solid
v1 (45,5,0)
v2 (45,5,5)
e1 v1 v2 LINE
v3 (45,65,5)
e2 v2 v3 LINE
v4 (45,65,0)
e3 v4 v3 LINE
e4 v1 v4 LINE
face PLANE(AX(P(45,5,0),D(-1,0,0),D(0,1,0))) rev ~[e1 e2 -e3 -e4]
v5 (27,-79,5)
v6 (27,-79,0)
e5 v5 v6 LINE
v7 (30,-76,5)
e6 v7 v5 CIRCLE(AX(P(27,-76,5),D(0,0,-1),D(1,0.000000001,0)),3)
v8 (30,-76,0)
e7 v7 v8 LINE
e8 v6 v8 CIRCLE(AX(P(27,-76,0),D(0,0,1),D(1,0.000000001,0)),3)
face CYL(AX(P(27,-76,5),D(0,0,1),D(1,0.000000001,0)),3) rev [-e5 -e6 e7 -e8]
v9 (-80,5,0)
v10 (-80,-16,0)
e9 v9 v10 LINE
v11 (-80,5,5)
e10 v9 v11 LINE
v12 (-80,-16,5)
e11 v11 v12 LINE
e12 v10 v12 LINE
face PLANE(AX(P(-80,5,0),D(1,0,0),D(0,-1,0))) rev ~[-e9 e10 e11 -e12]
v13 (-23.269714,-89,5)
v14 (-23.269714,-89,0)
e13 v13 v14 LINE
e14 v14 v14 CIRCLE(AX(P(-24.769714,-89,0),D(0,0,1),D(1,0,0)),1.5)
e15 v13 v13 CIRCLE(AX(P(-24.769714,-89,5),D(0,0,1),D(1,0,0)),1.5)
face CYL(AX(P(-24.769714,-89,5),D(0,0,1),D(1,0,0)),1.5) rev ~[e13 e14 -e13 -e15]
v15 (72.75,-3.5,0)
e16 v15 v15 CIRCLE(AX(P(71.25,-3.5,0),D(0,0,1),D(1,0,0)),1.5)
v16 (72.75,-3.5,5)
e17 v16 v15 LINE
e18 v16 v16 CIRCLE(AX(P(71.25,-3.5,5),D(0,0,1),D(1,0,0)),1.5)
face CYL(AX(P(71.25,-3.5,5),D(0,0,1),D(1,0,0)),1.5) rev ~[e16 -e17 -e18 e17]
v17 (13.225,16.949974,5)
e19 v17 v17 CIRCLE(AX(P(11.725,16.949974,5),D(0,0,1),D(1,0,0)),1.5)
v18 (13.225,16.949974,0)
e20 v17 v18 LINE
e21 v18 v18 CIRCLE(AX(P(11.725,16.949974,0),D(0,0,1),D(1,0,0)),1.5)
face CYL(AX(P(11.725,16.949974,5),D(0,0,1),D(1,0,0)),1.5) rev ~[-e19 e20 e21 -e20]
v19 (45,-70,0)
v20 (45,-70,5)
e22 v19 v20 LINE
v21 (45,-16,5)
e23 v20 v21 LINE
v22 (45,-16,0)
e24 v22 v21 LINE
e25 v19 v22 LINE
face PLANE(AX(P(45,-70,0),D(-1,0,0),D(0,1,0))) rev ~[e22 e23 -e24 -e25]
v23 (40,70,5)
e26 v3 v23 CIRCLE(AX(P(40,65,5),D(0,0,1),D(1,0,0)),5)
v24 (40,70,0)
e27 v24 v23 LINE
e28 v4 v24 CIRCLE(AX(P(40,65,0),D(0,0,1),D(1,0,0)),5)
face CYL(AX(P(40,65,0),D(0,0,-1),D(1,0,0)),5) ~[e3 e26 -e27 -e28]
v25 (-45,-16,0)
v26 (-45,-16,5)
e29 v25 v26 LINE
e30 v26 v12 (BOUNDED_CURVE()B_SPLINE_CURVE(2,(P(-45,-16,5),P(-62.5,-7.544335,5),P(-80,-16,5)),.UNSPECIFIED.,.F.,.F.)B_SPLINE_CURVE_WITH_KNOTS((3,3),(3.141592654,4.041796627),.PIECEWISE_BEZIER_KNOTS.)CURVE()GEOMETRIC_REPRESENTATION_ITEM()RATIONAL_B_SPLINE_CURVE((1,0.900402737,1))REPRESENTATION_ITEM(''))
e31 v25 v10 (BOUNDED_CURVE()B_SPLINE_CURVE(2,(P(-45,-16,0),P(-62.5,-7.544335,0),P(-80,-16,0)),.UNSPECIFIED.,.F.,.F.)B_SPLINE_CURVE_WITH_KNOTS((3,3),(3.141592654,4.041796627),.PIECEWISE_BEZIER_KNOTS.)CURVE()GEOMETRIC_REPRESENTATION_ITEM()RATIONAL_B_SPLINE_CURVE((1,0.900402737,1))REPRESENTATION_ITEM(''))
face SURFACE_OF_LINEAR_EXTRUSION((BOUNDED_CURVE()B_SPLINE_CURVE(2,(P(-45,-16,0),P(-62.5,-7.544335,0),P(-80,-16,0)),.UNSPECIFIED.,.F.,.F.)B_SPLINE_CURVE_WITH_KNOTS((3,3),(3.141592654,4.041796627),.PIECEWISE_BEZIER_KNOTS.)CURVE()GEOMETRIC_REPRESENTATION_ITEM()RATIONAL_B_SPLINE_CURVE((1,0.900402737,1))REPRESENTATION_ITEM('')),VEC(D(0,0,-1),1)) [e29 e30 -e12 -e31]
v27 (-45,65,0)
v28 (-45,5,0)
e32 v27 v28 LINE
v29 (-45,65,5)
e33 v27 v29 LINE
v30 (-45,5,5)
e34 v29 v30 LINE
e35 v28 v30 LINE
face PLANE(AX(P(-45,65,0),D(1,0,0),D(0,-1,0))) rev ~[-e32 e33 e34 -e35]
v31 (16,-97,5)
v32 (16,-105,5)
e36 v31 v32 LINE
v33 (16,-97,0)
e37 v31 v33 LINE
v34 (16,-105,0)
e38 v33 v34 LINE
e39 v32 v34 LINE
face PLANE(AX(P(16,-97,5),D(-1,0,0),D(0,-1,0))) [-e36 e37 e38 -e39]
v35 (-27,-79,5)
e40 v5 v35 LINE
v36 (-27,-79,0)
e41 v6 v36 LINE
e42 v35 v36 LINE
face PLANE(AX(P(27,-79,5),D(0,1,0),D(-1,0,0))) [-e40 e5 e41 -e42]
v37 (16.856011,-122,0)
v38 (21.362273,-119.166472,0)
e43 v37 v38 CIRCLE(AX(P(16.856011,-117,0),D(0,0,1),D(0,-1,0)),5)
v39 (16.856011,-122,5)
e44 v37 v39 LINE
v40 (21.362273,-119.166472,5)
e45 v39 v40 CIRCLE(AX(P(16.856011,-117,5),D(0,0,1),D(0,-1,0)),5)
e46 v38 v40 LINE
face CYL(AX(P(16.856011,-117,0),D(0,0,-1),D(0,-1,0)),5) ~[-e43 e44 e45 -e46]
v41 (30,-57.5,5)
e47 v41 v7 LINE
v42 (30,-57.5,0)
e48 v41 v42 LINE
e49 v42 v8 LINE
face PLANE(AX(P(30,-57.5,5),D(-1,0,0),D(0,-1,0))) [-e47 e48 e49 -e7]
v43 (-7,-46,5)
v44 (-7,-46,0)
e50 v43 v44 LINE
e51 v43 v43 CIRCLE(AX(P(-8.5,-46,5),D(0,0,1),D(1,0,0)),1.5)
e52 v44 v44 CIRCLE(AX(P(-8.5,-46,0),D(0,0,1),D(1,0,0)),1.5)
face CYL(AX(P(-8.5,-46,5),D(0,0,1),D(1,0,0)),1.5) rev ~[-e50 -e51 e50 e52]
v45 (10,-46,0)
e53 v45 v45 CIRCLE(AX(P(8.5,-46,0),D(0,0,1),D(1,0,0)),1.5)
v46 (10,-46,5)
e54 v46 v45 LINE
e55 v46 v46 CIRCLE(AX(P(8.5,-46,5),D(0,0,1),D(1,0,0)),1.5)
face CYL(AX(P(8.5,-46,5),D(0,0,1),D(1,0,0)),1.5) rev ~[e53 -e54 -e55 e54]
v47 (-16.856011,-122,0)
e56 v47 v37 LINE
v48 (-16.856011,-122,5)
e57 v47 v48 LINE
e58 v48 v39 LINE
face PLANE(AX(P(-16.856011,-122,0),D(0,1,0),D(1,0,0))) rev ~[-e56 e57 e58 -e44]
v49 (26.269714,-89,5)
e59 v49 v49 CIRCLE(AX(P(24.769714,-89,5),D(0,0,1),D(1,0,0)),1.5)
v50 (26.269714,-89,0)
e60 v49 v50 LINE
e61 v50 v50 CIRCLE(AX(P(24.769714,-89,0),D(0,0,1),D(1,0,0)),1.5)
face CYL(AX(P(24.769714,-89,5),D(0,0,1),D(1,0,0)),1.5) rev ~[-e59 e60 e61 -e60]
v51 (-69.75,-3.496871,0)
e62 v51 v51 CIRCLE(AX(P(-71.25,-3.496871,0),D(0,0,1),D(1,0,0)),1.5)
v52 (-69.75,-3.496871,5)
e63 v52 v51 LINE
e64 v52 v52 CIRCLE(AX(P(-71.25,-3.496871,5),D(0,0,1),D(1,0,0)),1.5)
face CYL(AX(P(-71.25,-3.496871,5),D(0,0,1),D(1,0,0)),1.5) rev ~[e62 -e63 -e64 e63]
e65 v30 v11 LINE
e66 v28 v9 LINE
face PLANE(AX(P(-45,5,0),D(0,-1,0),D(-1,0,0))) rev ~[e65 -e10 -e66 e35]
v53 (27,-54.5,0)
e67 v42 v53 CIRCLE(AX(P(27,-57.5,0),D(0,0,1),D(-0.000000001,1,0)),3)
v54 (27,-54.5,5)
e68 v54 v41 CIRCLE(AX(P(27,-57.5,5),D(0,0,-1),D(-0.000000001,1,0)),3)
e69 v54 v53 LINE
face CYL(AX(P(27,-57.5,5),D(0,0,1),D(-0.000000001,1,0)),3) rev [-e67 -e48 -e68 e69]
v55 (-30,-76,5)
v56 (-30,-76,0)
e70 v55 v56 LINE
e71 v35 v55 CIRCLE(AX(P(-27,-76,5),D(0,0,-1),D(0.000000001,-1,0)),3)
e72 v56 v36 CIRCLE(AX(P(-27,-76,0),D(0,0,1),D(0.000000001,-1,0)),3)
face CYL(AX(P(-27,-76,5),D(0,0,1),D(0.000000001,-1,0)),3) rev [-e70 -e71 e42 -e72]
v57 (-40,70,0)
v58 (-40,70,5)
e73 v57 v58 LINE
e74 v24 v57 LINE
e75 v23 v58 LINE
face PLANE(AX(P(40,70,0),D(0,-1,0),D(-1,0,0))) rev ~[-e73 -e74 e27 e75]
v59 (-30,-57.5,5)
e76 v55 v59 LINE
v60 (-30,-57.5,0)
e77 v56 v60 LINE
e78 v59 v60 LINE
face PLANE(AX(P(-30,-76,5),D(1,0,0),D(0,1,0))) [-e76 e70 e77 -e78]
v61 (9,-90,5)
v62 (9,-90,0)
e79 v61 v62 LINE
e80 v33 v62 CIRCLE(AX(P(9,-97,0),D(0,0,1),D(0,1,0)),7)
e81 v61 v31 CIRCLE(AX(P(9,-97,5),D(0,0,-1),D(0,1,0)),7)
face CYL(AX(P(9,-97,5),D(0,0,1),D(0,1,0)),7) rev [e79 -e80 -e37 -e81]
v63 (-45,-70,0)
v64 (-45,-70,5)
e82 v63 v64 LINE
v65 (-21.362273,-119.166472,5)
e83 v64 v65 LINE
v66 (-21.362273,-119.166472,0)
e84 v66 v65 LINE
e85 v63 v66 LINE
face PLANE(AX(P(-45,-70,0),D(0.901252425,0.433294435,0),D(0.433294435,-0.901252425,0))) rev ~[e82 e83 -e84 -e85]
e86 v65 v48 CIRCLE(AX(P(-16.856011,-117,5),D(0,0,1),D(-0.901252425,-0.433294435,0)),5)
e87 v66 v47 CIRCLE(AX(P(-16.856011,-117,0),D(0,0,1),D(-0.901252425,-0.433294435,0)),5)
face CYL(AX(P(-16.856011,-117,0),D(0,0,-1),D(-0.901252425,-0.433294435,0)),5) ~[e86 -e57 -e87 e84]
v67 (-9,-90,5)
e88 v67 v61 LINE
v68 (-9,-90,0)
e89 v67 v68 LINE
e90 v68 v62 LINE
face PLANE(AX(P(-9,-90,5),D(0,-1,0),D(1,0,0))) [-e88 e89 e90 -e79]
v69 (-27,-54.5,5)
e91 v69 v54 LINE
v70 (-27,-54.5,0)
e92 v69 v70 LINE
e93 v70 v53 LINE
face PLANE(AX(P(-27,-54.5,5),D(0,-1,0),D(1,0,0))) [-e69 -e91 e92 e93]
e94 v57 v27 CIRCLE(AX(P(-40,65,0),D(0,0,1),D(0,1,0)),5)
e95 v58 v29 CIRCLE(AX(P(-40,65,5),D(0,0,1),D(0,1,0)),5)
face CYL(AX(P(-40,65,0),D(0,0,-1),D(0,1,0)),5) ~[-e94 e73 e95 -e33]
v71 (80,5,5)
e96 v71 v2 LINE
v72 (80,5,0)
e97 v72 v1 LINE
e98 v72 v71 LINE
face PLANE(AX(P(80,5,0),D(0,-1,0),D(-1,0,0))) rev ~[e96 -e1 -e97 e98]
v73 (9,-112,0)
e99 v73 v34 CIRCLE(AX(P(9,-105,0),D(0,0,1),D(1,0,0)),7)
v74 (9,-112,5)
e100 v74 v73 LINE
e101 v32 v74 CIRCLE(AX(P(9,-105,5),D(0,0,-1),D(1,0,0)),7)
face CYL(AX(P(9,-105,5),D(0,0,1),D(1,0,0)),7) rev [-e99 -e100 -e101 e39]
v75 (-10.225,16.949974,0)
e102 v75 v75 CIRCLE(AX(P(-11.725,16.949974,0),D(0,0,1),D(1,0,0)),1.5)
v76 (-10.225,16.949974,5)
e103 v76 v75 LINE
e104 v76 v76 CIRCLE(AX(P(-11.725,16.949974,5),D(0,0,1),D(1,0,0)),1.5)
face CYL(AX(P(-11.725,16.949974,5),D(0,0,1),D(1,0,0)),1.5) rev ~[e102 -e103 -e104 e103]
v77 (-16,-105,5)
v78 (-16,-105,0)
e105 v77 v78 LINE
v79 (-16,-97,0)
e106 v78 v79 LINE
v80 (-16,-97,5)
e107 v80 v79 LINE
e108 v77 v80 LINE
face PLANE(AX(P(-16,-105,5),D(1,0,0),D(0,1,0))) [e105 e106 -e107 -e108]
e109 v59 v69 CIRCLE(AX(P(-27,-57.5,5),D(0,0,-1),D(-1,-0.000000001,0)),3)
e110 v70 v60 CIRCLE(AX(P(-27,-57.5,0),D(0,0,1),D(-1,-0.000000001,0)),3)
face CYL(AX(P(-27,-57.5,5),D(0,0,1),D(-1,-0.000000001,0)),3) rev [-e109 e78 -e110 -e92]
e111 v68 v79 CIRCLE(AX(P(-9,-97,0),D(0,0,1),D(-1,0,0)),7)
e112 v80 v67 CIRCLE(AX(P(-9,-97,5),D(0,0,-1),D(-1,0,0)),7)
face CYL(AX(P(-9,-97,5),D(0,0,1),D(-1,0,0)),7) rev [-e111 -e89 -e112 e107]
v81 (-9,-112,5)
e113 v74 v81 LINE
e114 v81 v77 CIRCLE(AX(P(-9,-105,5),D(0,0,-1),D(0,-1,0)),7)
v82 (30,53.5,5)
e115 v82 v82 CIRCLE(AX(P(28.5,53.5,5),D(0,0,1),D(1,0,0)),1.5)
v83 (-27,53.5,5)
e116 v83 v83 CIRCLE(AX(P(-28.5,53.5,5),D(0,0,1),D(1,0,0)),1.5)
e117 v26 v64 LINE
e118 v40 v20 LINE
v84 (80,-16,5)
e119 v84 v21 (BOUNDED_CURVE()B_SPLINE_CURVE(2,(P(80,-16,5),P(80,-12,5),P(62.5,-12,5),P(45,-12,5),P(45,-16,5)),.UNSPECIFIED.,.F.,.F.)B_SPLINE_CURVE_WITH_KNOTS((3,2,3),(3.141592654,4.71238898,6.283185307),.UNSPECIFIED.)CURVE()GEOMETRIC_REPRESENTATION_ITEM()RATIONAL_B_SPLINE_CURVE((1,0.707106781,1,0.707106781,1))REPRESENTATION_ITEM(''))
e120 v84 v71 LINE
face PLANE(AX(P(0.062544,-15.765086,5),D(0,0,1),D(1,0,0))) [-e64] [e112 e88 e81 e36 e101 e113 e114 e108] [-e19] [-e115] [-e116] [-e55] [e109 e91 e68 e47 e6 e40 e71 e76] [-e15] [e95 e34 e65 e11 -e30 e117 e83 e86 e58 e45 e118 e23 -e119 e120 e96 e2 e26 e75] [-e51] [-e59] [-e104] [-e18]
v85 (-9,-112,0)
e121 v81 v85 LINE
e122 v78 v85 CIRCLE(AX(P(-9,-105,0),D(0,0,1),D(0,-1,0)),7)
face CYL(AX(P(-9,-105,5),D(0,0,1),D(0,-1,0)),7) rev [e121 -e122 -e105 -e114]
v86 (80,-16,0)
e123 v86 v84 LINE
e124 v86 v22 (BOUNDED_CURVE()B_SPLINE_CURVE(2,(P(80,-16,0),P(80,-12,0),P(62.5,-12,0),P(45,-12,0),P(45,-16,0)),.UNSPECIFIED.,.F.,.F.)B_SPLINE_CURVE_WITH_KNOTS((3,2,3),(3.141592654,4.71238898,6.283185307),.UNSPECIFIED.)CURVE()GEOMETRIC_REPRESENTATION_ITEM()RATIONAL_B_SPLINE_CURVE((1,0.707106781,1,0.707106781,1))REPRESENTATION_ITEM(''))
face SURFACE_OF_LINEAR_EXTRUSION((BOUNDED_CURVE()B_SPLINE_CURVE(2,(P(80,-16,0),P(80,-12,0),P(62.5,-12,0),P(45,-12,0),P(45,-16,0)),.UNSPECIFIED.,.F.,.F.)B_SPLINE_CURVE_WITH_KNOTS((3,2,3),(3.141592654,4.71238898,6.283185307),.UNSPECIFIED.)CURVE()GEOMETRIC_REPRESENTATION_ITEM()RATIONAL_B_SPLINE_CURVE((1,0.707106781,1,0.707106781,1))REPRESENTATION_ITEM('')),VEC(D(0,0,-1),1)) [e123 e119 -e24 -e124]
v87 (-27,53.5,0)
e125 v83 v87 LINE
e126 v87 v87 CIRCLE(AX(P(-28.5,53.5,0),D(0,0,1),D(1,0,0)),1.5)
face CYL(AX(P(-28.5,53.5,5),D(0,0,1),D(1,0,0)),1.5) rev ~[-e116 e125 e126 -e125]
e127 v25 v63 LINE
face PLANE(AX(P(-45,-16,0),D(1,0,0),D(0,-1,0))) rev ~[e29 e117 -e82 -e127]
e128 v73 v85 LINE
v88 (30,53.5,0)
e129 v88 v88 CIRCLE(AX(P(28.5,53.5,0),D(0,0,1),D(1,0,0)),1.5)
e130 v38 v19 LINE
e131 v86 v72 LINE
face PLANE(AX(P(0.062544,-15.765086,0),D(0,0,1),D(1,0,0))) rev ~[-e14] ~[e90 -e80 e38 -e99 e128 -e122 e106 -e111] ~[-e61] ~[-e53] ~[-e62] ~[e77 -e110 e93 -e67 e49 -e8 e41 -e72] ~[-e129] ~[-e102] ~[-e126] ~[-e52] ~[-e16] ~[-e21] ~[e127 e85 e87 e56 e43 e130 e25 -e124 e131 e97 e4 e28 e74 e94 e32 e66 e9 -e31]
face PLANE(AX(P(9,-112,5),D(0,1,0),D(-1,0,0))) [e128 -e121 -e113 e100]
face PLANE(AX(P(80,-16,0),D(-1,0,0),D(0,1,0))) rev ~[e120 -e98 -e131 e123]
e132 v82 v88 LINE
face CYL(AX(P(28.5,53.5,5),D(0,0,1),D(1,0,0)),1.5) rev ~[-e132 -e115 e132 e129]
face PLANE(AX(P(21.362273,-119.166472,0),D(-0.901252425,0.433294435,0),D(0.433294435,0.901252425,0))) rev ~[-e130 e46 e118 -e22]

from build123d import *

# Parameters (mm, degrees)
BOSS_EXTRUDE1_DEPTH = 5
SKETCH3_R           = 1.5
CUT_EXTRUDE1_DEPTH  = 146.976025571
CUT_EXTRUDE2_DEPTH  = 146.976025571
SKETCH5_R           = 1.5
CUT_EXTRUDE3_DEPTH  = 146.976025571
CUT_EXTRUDE4_DEPTH  = 146.976025571
SKETCH7_R           = 1.5
CUT_EXTRUDE5_DEPTH  = 146.976025571


with BuildPart() as part:
    # Sketch2 → Boss-Extrude1 (new body)
    with BuildSketch(Plane.XY):
        with BuildLine():
            Line((-45, -70), (-21.362272993, -119.166472174))
            ThreePointArc((-21.362272993, -119.166472174), (-19.517555453, -121.23275093), (-16.85601087, -122))
            Line((-16.85601087, -122), (16.85601087, -122))
            ThreePointArc((16.85601087, -122), (19.517555453, -121.23275093), (21.362272993, -119.166472174))
            Line((21.362272993, -119.166472174), (45, -70))
            Line((45, -70), (45, -16))
            add(Edge.make_bspline(
                [(80, -16), (80, -12), (62.5, -12), (45, -12), (45, -16)],
                knots=[3.141592654, 3.141592654, 3.141592654, 4.71238898, 4.71238898, 6.283185307, 6.283185307, 6.283185307], degree=2, weights=[1, 0.707106781, 1, 0.707106781, 1]))
            Line((80, -16), (80, 5))
            Line((80, 5), (45, 5))
            Line((45, 5), (45, 65))
            ThreePointArc((45, 65), (43.535533906, 68.535533906), (40, 70))
            Line((40, 70), (-40, 70))
            ThreePointArc((-40, 70), (-43.535533906, 68.535533906), (-45, 65))
            Line((-45, 65), (-45, 5))
            Line((-45, 5), (-80, 5))
            Line((-80, 5), (-80, -16))
            add(Edge.make_bspline(
                [(-45, -16), (-62.5, -7.544335015), (-80, -16)],
                knots=[3.141592654, 3.141592654, 3.141592654, 4.041796627, 4.041796627, 4.041796627], degree=2, weights=[1, 0.900402737, 1]))
            Line((-45, -16), (-45, -70))
        make_face()
    extrude(amount=BOSS_EXTRUDE1_DEPTH)

    # Sketch3 → Cut-Extrude1 (cut, through all)
    with BuildSketch(Plane.XY.offset(5)):
        with Locations((-71.25, -3.49687094)):
            Circle(SKETCH3_R)
        with Locations((71.25, -3.5)):
            Circle(SKETCH3_R)
    extrude(amount=-CUT_EXTRUDE1_DEPTH, mode=Mode.SUBTRACT)

    # Sketch4 → Cut-Extrude2 (cut, through all)
    with BuildSketch(Plane.XY.offset(5)):
        with BuildLine():
            Line((-9, -90), (9, -90))
            ThreePointArc((9, -90), (13.949747468, -92.050252532), (16, -97))
            Line((16, -97), (16, -105))
            ThreePointArc((16, -105), (13.949747468, -109.949747468), (9, -112))
            Line((9, -112), (-9, -112))
            ThreePointArc((-9, -112), (-13.949747468, -109.949747468), (-16, -105))
            Line((-16, -105), (-16, -97))
            ThreePointArc((-16, -97), (-13.949747468, -92.050252532), (-9, -90))
        make_face()
    extrude(amount=-CUT_EXTRUDE2_DEPTH, mode=Mode.SUBTRACT)

    # Sketch5 → Cut-Extrude3 (cut, through all)
    with BuildSketch(Plane.XY.offset(5)):
        with Locations((11.725, 16.949973779)):
            Circle(SKETCH5_R)
        with Locations((-11.725, 16.949973779)):
            Circle(SKETCH5_R)
    extrude(amount=-CUT_EXTRUDE3_DEPTH, mode=Mode.SUBTRACT)

    # Sketch6 → Cut-Extrude4 (cut, through all)
    with BuildSketch(Plane.XY.offset(5)):
        with BuildLine():
            Line((-27, -54.5), (27, -54.5))
            ThreePointArc((27, -54.5), (29.121320344, -55.378679656), (30, -57.5))
            Line((30, -57.5), (30, -76))
            ThreePointArc((30, -76), (29.121320344, -78.121320344), (27, -79))
            Line((27, -79), (-27, -79))
            ThreePointArc((-27, -79), (-29.121320344, -78.121320344), (-30, -76))
            Line((-30, -76), (-30, -57.5))
            ThreePointArc((-30, -57.5), (-29.121320344, -55.378679656), (-27, -54.5))
        make_face()
    extrude(amount=-CUT_EXTRUDE4_DEPTH, mode=Mode.SUBTRACT)

    # Sketch7 → Cut-Extrude5 (cut, through all)
    with BuildSketch(Plane.XY.offset(5)):
        with Locations((-28.5, 53.5)):
            Circle(SKETCH7_R)
        with Locations((28.5, 53.5)):
            Circle(SKETCH7_R)
        with Locations((-24.769714049, -89)):
            Circle(SKETCH7_R)
        with Locations((24.769714049, -89)):
            Circle(SKETCH7_R)
        with Locations((-8.5, -46)):
            Circle(SKETCH7_R)
        with Locations((8.5, -46)):
            Circle(SKETCH7_R)
    extrude(amount=-CUT_EXTRUDE5_DEPTH, mode=Mode.SUBTRACT)


solid = part.part
